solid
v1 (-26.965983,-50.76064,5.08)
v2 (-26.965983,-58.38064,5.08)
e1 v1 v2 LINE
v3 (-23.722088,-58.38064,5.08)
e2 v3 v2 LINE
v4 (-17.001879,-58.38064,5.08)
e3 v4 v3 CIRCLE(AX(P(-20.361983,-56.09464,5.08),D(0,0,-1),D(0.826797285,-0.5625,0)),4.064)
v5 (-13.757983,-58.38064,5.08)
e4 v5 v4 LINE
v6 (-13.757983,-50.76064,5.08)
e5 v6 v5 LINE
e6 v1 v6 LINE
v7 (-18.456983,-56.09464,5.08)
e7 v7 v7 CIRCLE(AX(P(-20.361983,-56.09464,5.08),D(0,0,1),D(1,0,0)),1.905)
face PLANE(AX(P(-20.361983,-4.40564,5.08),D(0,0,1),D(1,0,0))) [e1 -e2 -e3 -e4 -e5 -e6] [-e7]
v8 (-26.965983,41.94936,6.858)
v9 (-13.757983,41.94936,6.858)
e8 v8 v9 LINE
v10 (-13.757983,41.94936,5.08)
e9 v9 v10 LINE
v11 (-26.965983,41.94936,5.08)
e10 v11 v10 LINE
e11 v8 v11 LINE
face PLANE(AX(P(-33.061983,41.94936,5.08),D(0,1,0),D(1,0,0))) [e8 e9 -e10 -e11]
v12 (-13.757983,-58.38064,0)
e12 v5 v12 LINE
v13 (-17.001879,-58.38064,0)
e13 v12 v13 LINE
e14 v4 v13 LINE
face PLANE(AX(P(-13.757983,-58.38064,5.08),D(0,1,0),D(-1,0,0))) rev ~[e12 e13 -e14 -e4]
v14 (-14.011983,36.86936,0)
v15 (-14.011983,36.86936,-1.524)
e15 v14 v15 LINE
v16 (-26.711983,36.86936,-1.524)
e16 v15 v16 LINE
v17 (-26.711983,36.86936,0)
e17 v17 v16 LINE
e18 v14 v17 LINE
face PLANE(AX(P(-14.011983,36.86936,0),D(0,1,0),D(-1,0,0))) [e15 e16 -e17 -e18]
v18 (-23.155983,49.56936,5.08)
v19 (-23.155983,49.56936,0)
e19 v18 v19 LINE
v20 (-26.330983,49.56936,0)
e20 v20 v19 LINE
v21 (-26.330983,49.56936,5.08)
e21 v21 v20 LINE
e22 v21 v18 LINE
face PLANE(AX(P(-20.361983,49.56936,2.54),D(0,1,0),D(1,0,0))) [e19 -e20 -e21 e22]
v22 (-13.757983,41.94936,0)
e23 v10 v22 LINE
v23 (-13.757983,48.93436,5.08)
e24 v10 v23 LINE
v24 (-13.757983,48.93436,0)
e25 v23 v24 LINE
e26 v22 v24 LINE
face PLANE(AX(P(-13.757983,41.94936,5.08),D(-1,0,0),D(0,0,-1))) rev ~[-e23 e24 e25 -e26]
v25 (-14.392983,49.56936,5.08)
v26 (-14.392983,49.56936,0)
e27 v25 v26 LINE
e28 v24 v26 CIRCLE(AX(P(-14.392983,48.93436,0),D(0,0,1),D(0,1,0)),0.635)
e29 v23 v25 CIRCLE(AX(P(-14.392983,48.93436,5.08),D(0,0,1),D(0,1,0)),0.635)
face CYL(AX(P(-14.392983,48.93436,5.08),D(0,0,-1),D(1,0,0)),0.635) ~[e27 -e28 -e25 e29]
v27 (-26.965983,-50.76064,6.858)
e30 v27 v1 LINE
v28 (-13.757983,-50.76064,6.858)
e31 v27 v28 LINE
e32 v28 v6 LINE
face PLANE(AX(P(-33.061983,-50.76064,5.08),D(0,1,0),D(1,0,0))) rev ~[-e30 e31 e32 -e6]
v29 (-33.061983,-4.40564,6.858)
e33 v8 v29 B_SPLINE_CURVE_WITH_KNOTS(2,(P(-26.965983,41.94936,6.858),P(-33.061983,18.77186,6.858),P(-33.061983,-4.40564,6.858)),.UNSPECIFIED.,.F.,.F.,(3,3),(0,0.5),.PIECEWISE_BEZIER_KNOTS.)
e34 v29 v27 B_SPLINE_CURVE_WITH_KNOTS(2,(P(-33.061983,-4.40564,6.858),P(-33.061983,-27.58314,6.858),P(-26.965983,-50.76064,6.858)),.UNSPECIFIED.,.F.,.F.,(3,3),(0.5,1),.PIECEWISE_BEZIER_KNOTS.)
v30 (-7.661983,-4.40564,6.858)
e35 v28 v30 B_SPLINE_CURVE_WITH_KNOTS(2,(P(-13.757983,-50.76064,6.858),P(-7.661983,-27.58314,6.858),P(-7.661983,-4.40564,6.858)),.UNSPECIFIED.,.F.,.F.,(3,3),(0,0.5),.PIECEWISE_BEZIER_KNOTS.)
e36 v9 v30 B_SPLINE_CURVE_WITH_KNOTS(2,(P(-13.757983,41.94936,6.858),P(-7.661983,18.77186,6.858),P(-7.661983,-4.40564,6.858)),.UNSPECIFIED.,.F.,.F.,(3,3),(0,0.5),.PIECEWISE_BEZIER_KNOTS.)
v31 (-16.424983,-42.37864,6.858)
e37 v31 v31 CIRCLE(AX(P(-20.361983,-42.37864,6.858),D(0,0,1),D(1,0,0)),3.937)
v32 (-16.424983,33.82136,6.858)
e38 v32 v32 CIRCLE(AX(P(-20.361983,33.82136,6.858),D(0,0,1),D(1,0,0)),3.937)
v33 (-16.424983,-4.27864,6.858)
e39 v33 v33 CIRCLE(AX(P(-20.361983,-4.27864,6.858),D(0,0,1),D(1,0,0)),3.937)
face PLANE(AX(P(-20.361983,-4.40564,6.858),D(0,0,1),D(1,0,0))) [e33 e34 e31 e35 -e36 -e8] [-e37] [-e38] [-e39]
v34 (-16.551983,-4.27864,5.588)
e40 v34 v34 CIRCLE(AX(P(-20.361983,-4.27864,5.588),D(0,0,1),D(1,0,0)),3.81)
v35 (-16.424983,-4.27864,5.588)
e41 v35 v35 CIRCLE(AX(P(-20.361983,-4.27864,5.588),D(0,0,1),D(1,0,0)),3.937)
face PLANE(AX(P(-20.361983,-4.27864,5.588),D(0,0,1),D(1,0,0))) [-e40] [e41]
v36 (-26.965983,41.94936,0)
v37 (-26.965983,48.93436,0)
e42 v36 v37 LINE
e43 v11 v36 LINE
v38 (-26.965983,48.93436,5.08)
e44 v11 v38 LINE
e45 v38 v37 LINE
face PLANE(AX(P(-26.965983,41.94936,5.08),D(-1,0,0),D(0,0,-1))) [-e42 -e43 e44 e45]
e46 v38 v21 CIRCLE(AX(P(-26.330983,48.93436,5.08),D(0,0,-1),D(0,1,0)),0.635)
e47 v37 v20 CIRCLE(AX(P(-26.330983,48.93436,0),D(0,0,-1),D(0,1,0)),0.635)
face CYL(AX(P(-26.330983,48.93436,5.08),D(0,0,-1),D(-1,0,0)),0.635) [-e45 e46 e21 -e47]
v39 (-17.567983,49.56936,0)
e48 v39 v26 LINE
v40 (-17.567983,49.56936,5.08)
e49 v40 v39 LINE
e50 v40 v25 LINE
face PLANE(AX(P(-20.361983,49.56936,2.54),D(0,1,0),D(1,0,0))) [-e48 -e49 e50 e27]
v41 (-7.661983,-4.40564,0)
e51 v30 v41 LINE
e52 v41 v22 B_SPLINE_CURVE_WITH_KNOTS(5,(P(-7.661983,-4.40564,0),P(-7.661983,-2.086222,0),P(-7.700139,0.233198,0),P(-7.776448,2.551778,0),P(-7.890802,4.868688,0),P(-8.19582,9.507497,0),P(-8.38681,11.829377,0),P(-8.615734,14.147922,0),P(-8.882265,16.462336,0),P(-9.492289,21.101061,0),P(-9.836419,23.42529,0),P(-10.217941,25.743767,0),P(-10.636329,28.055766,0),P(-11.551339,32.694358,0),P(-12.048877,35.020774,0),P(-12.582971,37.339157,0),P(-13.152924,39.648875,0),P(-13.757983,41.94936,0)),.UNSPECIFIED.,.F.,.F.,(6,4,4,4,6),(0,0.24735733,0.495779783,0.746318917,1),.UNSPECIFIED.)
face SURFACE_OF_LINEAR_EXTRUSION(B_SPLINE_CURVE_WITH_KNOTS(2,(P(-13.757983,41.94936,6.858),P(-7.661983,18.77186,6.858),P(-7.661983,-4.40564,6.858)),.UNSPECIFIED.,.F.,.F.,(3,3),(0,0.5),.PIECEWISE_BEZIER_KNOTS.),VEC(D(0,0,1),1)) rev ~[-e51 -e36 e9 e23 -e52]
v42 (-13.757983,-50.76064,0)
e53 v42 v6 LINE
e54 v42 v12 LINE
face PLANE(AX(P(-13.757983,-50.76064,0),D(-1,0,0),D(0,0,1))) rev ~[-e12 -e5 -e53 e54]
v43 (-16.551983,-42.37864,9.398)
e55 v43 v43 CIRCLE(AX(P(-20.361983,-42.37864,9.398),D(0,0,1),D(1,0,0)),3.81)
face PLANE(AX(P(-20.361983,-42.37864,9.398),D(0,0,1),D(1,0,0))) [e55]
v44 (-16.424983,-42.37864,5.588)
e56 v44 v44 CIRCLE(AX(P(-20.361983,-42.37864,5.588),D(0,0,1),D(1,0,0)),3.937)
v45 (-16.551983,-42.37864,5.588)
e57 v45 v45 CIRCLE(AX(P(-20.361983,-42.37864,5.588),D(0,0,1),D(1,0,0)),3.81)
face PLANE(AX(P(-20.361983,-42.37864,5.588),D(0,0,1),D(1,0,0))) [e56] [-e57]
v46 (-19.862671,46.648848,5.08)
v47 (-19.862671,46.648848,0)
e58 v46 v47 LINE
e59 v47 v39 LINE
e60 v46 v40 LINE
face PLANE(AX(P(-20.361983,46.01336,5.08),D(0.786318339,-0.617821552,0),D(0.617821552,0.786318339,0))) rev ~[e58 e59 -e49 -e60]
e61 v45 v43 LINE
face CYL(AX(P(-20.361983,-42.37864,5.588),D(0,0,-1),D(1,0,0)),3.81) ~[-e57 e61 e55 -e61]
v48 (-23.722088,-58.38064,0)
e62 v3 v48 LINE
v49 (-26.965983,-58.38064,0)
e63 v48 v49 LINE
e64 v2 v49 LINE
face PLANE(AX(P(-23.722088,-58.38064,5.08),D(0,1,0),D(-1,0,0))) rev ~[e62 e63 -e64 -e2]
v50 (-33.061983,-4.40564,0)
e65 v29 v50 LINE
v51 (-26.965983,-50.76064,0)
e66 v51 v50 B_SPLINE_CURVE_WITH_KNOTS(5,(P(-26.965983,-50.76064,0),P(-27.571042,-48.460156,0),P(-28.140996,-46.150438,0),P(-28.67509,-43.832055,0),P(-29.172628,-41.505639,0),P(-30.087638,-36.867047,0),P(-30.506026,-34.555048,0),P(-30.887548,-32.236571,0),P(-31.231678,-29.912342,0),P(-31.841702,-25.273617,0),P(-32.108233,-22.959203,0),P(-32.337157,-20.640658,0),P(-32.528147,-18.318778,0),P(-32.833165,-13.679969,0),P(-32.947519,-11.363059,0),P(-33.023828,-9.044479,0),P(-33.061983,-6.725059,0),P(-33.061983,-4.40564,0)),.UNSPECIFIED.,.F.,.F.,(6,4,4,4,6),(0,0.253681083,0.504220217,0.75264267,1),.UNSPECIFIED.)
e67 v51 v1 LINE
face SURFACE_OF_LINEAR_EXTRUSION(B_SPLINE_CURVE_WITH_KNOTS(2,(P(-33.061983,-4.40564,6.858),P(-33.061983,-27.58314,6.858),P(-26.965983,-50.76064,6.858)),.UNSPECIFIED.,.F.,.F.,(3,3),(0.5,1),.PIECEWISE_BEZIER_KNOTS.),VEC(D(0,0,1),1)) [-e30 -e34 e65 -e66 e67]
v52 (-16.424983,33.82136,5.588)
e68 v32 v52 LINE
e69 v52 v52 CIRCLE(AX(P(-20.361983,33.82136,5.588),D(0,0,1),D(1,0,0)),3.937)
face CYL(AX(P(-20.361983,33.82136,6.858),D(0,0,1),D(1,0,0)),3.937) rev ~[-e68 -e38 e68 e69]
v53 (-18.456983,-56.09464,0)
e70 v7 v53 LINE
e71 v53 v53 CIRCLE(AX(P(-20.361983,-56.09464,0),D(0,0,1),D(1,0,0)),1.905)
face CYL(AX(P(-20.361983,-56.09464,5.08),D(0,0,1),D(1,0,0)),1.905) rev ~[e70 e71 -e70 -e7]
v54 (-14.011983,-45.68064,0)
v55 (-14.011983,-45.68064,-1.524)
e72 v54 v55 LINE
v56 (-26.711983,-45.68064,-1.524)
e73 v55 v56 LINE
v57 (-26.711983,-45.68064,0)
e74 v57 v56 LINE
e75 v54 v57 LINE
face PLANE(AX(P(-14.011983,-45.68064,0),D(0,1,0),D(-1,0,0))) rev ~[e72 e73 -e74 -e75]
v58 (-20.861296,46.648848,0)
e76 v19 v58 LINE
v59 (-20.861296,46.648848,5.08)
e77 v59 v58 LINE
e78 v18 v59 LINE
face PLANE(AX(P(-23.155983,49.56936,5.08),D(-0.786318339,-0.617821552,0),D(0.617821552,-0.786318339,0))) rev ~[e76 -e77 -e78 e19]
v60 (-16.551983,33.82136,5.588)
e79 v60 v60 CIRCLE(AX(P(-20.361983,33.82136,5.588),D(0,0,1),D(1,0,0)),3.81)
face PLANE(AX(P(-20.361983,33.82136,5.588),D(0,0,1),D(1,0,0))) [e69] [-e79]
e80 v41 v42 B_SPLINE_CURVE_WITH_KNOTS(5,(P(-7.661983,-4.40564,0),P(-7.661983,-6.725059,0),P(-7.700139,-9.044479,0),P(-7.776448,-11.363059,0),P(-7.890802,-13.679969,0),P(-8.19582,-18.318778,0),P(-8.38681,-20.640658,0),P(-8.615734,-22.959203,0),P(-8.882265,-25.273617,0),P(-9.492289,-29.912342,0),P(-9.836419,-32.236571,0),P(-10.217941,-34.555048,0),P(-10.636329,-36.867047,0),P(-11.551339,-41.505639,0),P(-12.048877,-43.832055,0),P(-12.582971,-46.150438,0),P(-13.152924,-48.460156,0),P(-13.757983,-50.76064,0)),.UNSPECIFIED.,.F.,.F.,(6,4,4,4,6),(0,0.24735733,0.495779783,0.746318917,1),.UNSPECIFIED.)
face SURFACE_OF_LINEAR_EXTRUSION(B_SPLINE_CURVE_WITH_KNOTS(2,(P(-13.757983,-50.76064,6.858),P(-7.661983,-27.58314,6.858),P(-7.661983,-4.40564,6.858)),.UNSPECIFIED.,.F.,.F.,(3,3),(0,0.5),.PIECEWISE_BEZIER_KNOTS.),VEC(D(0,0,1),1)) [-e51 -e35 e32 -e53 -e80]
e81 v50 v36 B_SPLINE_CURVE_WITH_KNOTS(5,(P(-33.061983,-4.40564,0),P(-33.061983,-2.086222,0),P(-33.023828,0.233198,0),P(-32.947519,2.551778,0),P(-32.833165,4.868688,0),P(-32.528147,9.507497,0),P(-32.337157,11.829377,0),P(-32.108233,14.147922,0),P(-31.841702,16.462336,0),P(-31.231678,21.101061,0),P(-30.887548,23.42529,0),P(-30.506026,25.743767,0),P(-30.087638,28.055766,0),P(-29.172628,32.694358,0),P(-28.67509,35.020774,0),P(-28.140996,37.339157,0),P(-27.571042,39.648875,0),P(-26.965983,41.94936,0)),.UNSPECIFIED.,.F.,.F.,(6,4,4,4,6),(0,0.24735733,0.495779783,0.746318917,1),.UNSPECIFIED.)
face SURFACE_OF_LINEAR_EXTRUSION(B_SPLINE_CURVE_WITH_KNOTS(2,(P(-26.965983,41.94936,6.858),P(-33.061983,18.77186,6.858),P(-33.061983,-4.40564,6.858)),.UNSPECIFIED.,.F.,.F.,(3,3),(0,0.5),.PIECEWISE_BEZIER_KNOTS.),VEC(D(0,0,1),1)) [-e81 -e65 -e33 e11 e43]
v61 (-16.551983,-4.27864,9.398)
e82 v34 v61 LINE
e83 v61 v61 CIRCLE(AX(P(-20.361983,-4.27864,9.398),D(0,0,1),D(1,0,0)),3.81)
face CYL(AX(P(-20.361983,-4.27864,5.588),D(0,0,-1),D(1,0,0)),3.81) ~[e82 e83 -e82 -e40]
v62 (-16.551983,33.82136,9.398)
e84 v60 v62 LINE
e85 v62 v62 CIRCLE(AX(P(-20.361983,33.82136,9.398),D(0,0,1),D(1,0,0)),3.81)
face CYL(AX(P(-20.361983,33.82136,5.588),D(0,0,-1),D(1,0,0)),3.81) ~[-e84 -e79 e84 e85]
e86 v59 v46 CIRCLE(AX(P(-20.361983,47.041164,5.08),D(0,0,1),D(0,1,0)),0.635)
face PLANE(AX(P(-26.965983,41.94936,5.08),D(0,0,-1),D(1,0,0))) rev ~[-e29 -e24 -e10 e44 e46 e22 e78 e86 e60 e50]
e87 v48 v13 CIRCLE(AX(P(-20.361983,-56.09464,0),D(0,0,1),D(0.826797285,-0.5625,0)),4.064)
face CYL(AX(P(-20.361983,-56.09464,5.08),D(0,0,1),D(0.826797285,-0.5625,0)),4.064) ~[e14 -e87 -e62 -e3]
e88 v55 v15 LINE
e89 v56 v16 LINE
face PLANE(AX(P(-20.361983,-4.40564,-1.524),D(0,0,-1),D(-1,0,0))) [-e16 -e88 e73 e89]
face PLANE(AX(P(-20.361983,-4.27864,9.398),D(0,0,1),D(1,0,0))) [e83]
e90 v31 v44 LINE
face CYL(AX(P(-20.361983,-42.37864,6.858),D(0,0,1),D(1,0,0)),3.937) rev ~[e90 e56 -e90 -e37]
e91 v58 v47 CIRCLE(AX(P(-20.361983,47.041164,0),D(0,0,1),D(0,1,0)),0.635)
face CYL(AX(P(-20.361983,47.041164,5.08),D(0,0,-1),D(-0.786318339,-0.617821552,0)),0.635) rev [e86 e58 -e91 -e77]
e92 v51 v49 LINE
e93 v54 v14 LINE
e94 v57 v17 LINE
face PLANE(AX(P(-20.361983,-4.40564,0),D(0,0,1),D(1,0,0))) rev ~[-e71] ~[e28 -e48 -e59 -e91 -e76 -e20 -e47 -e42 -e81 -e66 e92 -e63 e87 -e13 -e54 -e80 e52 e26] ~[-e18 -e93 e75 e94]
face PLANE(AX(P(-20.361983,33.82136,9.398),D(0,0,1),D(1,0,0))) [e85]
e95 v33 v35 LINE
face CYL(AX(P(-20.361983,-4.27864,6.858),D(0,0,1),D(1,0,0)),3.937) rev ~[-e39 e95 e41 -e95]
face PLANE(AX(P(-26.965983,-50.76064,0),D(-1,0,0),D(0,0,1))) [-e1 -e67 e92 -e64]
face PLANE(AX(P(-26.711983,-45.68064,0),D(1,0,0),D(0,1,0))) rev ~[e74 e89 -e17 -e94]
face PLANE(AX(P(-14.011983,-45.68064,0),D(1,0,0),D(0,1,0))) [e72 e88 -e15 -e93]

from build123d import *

# Parameters (mm, degrees)
SKETCH1_W           = 25.4
SKETCH1_H           = 92.71
BOSS_EXTRUDE1_DEPTH = 5.08
SKETCH3_W           = 13.208
SKETCH3_H           = 5.08
BOSS_EXTRUDE3_DEPTH = 11.938
SKETCH5_R           = 1.905
CUT_EXTRUDE2_DEPTH  = 6.08
SKETCH7_W           = 25.4
SKETCH7_H           = 92.71
BOSS_EXTRUDE4_DEPTH = 1.778
SKETCH8_R           = 3.937
CUT_EXTRUDE3_DEPTH  = 1.27
SKETCH10_R          = 3.81
BOSS_EXTRUDE5_DEPTH = 3.81
SKETCH11_W          = 13.208
SKETCH11_H          = 5.08
BOSS_EXTRUDE6_DEPTH = 7.62
CUT_EXTRUDE4_DEPTH  = 6.08
FILLET1_R           = 0.635
CUT_EXTRUDE7_DEPTH  = 7.62
CUT_EXTRUDE8_DEPTH  = 7.8580001
SKETCH17_W          = 12.7
SKETCH17_H          = 82.55
BOSS_EXTRUDE7_DEPTH = 1.524


with BuildPart() as part:
    # Sketch1 → Boss-Extrude1 (new body)
    with BuildSketch(Plane.XY):
        with Locations((-20.361983471, -4.405640496)):
            Rectangle(SKETCH1_W, SKETCH1_H)
    extrude(amount=BOSS_EXTRUDE1_DEPTH)

    # Sketch3 → Boss-Extrude3 (add)
    with BuildSketch(Plane.XZ.offset(50.760640496)):
        with Locations((-20.361983471, 2.54)):
            Rectangle(SKETCH3_W, SKETCH3_H)
    extrude(amount=BOSS_EXTRUDE3_DEPTH)

    # Sketch5 → Cut-Extrude2 (cut, through all)
    with BuildSketch(Plane.XY.offset(5.08)):
        with Locations((-20.361983471, -56.094640496)):
            Circle(SKETCH5_R)
        with BuildLine():
            Line((-23.722087636, -58.380640496), (-26.965983471, -58.380640496))
            Line((-26.965983471, -58.380640496), (-26.965983471, -62.698640496))
            Line((-26.965983471, -62.698640496), (-13.757983471, -62.698640496))
            Line((-13.757983471, -62.698640496), (-13.757983471, -58.380640496))
            Line((-13.757983471, -58.380640496), (-17.001879306, -58.380640496))
            ThreePointArc((-17.001879306, -58.380640496), (-20.361983471, -60.158640496), (-23.722087636, -58.380640496))
        make_face()
    extrude(amount=-CUT_EXTRUDE2_DEPTH, mode=Mode.SUBTRACT)

    # Sketch7 → Boss-Extrude4 (add)
    with BuildSketch(Plane.XY.offset(5.08)):
        with Locations((-20.361983471, -4.405640496)):
            Rectangle(SKETCH7_W, SKETCH7_H)
    extrude(amount=BOSS_EXTRUDE4_DEPTH)

    # Sketch8 → Cut-Extrude3 (cut)
    with BuildSketch(Plane.XY.offset(6.858)):
        with Locations((-20.361983471, -42.378640496)):
            Circle(SKETCH8_R)
        with Locations((-20.361983471, -4.278640496)):
            Circle(SKETCH8_R)
        with Locations((-20.361983471, 33.821359504)):
            Circle(SKETCH8_R)
    extrude(amount=-CUT_EXTRUDE3_DEPTH, mode=Mode.SUBTRACT)

    # Sketch10 → Boss-Extrude5 (add)
    with BuildSketch(Plane.XY.offset(5.588)):
        with Locations((-20.361983471, -42.378640496)):
            Circle(SKETCH10_R)
        with Locations((-20.361983471, -4.278640496)):
            Circle(SKETCH10_R)
        with Locations((-20.361983471, 33.821359504)):
            Circle(SKETCH10_R)
    extrude(amount=BOSS_EXTRUDE5_DEPTH)

    # Sketch11 → Boss-Extrude6 (add)
    with BuildSketch(Plane(origin=(0, 41.949359504, 0), x_dir=(1, 0, 0), z_dir=(0, 1, 0))):
        with Locations((-20.361983471, -2.54)):
            Rectangle(SKETCH11_W, SKETCH11_H)
    extrude(amount=BOSS_EXTRUDE6_DEPTH)

    # Sketch12 → Cut-Extrude4 (cut, through all)
    with BuildSketch(Plane.XY.offset(5.08)):
        Polygon((-23.155983471, 49.569359504), (-20.361983471, 46.013359504), (-17.567983471, 49.569359504), align=None)
    extrude(amount=-CUT_EXTRUDE4_DEPTH, mode=Mode.SUBTRACT)

    # Fillet1
    fillet1_edges = [part.edges().sort_by_distance(p)[0] for p in [
        (-20.361983471, 46.013359504, 2.54),
        (-26.965983471, 49.569359504, 2.54),
        (-13.757983471, 49.569359504, 2.54),
    ]]
    fillet(fillet1_edges, radius=FILLET1_R)

    # Sketch14 → Cut-Extrude7 (cut)
    with BuildSketch(Plane.XY.offset(6.858)):
        with BuildLine():
            Line((-13.757983471, 41.949359504), (-7.661983471, 41.949359504))
            Line((-7.661983471, 41.949359504), (-7.661983471, -4.405640496))
            add(Edge.make_bspline(
                [(-13.757983471, 41.949359504), (-7.661983471, 18.771859504), (-7.661983471, -4.405640496)],
                knots=[0, 0, 0, 0.5, 0.5, 0.5], degree=2))
        make_face()
        with BuildLine():
            Line((-33.061983471, -4.405640496), (-33.061983471, 41.949359504))
            Line((-33.061983471, 41.949359504), (-26.965983471, 41.949359504))
            add(Edge.make_bspline(
                [(-26.965983471, 41.949359504), (-33.061983471, 18.771859504), (-33.061983471, -4.405640496)],
                knots=[0, 0, 0, 0.5, 0.5, 0.5], degree=2))
        make_face()
    extrude(amount=-CUT_EXTRUDE7_DEPTH, mode=Mode.SUBTRACT)

    # Sketch16 → Cut-Extrude8 (cut, through all)
    with BuildSketch(Plane.XY.offset(6.858)):
        with BuildLine():
            Line((-33.061983471, -4.405640496), (-33.061983471, -50.760640496))
            Line((-33.061983471, -50.760640496), (-26.965983471, -50.760640496))
            add(Edge.make_bspline(
                [(-33.061983471, -4.405640496), (-33.061983471, -27.583140496), (-26.965983471, -50.760640496)],
                knots=[0.5, 0.5, 0.5, 1, 1, 1], degree=2))
        make_face()
        with BuildLine():
            Line((-7.661983471, -4.405640496), (-7.661983471, -50.760640496))
            Line((-7.661983471, -50.760640496), (-13.757983471, -50.760640496))
            add(Edge.make_bspline(
                [(-13.757983471, -50.760640496), (-7.661983471, -27.583140496), (-7.661983471, -4.405640496)],
                knots=[0, 0, 0, 0.5, 0.5, 0.5], degree=2))
        make_face()
    extrude(amount=-CUT_EXTRUDE8_DEPTH, mode=Mode.SUBTRACT)

    # Sketch17 → Boss-Extrude7 (add)
    with BuildSketch(Plane(origin=(0, 0, 0), x_dir=(-1, 0, 0), z_dir=(0, 0, -1))):
        with Locations((20.361983471, -4.405640496)):
            Rectangle(SKETCH17_W, SKETCH17_H)
    extrude(amount=BOSS_EXTRUDE7_DEPTH)


solid = part.part
